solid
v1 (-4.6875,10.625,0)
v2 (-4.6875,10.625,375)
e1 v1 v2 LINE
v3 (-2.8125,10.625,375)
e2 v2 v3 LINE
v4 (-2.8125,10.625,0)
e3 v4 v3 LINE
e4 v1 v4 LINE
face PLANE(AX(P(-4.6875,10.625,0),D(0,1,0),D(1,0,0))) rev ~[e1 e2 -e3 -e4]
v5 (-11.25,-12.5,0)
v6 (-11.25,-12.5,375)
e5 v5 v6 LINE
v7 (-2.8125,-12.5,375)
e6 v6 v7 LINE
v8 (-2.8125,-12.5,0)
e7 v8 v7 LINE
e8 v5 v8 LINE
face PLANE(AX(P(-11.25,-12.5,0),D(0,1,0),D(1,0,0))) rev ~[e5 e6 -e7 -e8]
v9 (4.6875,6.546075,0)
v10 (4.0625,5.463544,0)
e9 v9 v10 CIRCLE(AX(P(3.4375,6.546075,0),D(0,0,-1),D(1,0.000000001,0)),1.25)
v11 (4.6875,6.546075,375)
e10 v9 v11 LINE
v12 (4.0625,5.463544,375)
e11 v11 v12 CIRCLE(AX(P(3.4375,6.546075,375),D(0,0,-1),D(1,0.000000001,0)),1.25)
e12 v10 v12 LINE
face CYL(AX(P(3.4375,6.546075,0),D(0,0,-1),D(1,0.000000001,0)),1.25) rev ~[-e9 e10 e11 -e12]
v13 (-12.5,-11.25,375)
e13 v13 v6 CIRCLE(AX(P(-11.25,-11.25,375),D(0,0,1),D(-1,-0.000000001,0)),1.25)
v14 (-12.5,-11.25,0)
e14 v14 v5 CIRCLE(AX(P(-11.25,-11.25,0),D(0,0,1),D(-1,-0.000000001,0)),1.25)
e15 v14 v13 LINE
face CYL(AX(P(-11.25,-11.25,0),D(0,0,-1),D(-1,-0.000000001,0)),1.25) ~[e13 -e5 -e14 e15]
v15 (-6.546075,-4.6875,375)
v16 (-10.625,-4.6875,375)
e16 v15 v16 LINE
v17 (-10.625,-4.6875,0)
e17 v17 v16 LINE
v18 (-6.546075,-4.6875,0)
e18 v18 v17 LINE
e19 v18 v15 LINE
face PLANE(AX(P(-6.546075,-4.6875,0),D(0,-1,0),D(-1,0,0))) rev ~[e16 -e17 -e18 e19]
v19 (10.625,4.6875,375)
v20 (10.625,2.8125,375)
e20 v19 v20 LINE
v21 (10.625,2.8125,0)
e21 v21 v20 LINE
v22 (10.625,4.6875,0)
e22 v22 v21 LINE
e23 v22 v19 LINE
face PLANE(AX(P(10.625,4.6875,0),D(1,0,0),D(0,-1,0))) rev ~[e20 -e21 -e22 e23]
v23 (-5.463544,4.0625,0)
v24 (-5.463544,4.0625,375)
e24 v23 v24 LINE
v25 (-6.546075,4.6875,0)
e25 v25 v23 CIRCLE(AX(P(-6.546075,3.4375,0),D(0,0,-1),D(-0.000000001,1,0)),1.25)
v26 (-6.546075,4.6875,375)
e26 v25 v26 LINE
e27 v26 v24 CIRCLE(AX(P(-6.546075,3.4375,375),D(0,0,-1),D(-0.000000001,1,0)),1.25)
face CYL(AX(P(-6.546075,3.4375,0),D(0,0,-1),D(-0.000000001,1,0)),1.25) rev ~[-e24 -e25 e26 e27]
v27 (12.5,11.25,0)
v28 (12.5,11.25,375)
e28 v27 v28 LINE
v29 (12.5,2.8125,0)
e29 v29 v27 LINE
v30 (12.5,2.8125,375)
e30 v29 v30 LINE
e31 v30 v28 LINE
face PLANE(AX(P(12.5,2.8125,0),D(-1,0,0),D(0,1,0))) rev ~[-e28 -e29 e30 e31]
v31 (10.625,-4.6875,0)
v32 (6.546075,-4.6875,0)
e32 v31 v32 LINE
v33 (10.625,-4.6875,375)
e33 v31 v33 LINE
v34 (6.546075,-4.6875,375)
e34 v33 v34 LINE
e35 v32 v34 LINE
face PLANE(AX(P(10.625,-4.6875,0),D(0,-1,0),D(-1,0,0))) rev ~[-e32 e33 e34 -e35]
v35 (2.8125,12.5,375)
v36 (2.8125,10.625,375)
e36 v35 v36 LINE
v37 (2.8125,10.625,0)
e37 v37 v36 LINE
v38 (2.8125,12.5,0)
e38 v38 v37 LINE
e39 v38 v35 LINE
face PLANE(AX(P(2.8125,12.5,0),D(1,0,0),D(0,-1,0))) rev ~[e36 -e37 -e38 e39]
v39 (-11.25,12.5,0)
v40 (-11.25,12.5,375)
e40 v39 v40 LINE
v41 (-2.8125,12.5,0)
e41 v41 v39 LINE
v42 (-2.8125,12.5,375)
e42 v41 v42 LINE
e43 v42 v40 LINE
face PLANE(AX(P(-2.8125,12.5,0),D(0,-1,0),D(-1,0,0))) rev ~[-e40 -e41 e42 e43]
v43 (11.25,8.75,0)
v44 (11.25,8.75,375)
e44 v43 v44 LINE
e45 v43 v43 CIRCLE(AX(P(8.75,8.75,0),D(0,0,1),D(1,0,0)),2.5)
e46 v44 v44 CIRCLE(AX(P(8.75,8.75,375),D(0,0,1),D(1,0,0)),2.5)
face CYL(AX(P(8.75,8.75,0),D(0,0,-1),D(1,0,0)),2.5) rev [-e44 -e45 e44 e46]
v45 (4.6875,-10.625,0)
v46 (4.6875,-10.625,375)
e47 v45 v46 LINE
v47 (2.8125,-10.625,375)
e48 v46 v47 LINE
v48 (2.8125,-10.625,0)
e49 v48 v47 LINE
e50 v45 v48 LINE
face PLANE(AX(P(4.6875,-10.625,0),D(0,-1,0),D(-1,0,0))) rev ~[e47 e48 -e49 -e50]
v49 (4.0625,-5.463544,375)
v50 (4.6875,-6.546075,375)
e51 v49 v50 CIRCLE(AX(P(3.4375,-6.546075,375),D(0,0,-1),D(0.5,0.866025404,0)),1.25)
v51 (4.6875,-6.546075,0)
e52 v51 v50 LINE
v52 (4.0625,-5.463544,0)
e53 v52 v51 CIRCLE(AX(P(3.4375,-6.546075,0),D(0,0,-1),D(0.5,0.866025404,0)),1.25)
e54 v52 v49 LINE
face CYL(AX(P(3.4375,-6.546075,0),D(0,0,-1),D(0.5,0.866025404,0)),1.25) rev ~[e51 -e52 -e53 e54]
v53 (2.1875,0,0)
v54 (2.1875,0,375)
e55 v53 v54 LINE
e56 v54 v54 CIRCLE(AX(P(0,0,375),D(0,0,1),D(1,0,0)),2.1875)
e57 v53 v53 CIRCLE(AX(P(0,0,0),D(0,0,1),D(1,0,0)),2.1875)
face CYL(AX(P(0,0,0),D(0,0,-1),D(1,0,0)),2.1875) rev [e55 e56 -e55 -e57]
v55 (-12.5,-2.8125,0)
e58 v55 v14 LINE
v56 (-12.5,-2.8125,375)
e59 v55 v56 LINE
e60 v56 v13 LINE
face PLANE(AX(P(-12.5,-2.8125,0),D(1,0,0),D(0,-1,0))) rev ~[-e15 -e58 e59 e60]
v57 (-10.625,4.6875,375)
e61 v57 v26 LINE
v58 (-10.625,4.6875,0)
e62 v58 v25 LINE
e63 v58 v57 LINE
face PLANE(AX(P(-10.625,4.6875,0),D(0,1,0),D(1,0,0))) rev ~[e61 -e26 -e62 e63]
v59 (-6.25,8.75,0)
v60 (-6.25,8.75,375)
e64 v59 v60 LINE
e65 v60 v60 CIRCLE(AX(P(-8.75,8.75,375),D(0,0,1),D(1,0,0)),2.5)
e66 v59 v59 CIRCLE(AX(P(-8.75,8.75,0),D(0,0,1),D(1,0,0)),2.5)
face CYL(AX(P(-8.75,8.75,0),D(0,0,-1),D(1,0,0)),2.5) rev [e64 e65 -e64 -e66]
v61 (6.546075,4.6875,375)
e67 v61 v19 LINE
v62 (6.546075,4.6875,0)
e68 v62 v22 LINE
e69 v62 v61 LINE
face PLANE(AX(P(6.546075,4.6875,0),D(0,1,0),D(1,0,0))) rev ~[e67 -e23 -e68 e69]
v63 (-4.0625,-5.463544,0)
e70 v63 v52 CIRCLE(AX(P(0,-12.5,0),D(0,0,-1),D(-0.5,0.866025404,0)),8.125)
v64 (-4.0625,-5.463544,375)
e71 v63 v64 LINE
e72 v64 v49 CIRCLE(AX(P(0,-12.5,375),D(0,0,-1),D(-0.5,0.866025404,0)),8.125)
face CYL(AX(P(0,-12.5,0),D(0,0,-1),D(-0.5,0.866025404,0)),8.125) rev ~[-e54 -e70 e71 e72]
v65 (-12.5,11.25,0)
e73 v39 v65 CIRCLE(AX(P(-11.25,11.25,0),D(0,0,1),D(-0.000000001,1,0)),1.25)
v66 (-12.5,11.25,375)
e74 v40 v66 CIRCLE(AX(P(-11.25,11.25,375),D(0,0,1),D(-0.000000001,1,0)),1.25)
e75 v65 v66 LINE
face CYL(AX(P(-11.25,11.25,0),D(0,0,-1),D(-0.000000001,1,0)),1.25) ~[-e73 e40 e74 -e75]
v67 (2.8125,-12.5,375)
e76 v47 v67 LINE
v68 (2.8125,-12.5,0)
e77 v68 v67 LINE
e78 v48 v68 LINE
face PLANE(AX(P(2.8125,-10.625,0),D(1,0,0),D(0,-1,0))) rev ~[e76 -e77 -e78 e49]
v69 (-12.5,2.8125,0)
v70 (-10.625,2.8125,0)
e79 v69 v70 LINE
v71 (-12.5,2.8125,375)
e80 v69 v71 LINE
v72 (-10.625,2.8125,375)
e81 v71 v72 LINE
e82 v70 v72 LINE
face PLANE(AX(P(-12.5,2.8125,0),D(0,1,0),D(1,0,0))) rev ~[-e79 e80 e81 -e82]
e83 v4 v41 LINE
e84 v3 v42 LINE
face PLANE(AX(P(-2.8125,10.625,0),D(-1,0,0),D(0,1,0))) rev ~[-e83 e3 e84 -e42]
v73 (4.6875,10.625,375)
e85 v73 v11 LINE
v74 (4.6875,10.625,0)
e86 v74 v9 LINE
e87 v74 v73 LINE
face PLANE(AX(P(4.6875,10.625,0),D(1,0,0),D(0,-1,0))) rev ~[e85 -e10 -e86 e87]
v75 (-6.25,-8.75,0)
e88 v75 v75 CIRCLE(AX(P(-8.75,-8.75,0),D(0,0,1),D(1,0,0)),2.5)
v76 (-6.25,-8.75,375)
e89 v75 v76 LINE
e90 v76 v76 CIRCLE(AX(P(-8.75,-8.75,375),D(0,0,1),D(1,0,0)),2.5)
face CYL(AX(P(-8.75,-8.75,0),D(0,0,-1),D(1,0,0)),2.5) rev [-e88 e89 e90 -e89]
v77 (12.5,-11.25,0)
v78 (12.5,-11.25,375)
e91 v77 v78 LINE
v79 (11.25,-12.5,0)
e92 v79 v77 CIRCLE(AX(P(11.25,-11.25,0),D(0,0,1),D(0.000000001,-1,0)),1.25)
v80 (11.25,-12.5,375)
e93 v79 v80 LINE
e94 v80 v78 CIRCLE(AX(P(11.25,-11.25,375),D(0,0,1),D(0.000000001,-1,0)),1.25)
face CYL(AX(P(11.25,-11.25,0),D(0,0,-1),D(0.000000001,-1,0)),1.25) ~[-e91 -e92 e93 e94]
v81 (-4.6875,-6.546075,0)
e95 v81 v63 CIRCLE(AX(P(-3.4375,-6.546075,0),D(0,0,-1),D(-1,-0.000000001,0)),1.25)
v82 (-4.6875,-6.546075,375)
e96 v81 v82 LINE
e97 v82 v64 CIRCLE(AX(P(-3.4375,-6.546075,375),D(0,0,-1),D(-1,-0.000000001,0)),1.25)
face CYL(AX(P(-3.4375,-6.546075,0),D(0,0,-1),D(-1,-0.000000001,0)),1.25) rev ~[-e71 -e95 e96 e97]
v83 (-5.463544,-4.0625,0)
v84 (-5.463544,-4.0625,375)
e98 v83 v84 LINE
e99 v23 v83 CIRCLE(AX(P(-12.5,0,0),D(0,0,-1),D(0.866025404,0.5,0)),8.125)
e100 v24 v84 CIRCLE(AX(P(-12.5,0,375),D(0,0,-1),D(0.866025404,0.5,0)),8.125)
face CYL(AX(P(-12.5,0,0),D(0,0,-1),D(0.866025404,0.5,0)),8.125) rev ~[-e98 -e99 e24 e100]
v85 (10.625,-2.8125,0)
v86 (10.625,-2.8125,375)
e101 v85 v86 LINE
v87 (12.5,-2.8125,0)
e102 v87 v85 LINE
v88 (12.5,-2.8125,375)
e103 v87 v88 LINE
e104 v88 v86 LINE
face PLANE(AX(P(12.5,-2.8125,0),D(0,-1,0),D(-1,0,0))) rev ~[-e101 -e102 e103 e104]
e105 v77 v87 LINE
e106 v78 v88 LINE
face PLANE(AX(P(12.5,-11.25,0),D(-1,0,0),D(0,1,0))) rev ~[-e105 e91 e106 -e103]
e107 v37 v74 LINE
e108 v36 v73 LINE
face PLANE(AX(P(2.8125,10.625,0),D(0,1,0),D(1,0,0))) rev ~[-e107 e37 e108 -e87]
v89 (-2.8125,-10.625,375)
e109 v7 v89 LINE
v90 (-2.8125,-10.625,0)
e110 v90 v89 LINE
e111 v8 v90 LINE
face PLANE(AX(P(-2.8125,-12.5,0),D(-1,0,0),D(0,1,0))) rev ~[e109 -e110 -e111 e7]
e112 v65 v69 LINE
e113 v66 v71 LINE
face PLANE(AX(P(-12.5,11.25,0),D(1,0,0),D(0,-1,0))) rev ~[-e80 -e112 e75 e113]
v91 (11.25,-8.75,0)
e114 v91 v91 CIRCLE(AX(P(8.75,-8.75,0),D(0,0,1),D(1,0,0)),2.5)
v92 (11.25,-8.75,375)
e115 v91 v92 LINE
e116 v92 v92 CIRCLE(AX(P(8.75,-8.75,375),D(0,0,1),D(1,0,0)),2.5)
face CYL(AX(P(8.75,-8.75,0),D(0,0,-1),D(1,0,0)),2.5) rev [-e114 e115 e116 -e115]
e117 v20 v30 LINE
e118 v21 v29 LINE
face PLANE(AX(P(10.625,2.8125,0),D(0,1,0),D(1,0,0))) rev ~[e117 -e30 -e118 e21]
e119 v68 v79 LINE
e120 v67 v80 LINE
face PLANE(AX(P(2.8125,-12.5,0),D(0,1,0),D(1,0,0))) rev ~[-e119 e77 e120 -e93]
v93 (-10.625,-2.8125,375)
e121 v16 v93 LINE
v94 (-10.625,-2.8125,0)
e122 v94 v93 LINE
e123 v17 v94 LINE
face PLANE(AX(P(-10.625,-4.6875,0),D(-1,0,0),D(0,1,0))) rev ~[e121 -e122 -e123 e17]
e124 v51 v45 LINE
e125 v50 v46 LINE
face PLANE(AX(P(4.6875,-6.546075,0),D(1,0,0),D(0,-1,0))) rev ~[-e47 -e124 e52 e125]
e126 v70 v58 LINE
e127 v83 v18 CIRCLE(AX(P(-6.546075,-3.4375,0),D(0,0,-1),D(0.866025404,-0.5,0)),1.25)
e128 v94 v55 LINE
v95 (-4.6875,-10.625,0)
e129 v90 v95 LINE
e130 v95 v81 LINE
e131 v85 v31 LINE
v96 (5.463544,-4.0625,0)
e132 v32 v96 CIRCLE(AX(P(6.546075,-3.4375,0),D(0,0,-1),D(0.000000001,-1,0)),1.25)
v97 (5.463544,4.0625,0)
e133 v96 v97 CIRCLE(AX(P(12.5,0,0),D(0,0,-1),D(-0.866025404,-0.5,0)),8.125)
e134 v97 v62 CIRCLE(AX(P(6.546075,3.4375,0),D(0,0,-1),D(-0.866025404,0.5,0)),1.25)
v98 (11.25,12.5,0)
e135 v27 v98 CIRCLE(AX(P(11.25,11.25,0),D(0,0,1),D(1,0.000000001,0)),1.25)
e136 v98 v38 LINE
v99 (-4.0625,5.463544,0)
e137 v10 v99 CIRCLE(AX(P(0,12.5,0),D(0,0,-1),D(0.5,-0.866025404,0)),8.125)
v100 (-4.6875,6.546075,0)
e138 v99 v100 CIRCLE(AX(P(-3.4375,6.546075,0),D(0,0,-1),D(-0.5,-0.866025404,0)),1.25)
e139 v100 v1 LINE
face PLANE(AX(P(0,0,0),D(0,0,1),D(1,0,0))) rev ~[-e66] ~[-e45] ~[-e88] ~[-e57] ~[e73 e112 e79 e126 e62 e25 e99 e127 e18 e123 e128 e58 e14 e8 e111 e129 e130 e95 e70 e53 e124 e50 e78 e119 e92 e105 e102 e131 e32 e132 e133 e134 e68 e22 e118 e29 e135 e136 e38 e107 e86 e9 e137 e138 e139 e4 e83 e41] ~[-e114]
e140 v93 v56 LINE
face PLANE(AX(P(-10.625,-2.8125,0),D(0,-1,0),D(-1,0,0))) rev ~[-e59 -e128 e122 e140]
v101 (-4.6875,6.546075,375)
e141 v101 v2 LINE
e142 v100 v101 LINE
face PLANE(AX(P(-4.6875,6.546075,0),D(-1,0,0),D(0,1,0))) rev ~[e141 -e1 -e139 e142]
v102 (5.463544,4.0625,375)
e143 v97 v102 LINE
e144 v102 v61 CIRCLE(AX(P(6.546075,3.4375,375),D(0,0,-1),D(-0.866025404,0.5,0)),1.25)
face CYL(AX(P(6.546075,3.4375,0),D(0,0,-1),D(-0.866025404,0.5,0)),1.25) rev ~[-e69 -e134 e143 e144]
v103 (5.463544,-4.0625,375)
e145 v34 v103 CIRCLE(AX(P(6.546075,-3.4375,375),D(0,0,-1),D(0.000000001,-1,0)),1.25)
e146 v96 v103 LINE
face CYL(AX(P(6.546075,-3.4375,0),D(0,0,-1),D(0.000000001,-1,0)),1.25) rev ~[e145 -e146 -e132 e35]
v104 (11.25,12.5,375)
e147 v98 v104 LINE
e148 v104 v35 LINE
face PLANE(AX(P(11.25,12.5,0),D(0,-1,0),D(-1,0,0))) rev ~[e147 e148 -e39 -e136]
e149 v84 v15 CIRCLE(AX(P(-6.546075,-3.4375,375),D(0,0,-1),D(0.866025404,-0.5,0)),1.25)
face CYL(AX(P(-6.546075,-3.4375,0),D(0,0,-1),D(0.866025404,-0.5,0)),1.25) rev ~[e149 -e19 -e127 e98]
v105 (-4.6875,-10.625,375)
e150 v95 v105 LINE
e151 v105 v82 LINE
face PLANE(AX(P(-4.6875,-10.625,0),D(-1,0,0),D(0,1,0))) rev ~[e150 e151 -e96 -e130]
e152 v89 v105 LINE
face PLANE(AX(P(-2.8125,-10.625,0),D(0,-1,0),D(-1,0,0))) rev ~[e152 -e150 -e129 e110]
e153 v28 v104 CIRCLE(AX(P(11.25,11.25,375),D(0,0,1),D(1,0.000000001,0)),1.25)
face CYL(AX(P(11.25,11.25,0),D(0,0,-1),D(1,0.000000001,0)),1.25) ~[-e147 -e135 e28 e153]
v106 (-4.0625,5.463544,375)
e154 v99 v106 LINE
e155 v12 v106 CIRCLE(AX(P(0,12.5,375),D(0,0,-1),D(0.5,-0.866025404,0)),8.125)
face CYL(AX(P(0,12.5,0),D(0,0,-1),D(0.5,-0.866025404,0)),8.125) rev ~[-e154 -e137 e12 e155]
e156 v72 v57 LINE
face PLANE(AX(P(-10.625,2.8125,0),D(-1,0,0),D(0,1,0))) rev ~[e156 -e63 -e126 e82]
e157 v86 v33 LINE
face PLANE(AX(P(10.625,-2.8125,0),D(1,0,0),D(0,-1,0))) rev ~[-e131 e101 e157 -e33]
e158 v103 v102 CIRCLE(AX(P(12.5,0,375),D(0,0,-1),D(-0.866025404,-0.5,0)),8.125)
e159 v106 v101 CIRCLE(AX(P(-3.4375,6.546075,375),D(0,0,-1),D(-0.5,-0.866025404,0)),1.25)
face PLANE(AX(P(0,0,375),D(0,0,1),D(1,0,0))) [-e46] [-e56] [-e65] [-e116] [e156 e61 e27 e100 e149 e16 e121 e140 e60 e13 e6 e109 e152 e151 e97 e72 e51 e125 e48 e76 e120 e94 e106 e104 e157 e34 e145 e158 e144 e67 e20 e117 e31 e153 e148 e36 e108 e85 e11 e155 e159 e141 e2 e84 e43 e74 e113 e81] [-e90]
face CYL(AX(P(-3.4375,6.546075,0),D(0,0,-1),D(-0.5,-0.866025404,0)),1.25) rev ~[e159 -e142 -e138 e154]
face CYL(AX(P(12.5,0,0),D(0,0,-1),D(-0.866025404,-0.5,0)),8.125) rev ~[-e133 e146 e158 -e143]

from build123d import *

# Parameters (mm, degrees)
SKETCH1_R           = 2.5
SKETCH1_R_2         = 2.1875
BOSS_EXTRUDE1_DEPTH = 375


with BuildPart() as part:
    # Sketch1 → Boss-Extrude1 (new body)
    with BuildSketch(Plane.XY):
        with BuildLine():
            Line((-12.5, 11.25), (-12.5, 2.8125))
            Line((-12.5, 2.8125), (-10.625, 2.8125))
            Line((-10.625, 2.8125), (-10.625, 4.6875))
            Line((-10.625, 4.6875), (-6.546075349, 4.6875))
            ThreePointArc((-6.546075349, 4.6875), (-5.921075349, 4.520031755), (-5.463543594, 4.0625))
            ThreePointArc((-5.463543594, 4.0625), (-4.375, 0), (-5.463543594, -4.0625))
            ThreePointArc((-5.463543594, -4.0625), (-5.921075349, -4.520031755), (-6.546075349, -4.6875))
            Line((-6.546075349, -4.6875), (-10.625, -4.6875))
            Line((-10.625, -4.6875), (-10.625, -2.8125))
            Line((-10.625, -2.8125), (-12.5, -2.8125))
            Line((-12.5, -2.8125), (-12.5, -11.25))
            ThreePointArc((-12.5, -11.25), (-12.133883476, -12.133883476), (-11.25, -12.5))
            Line((-11.25, -12.5), (-2.8125, -12.5))
            Line((-2.8125, -12.5), (-2.8125, -10.625))
            Line((-2.8125, -10.625), (-4.6875, -10.625))
            Line((-4.6875, -10.625), (-4.6875, -6.546075349))
            ThreePointArc((-4.6875, -6.546075349), (-4.520031755, -5.921075349), (-4.0625, -5.463543594))
            ThreePointArc((-4.0625, -5.463543594), (0, -4.375), (4.0625, -5.463543594))
            ThreePointArc((4.0625, -5.463543594), (4.520031755, -5.921075349), (4.6875, -6.546075349))
            Line((4.6875, -6.546075349), (4.6875, -10.625))
            Line((4.6875, -10.625), (2.8125, -10.625))
            Line((2.8125, -10.625), (2.8125, -12.5))
            Line((2.8125, -12.5), (11.25, -12.5))
            ThreePointArc((11.25, -12.5), (12.133883476, -12.133883476), (12.5, -11.25))
            Line((12.5, -11.25), (12.5, -2.8125))
            Line((12.5, -2.8125), (10.625, -2.8125))
            Line((10.625, -2.8125), (10.625, -4.6875))
            Line((10.625, -4.6875), (6.546075349, -4.6875))
            ThreePointArc((6.546075349, -4.6875), (5.921075349, -4.520031755), (5.463543594, -4.0625))
            ThreePointArc((5.463543594, -4.0625), (4.375, 0), (5.463543594, 4.0625))
            ThreePointArc((5.463543594, 4.0625), (5.921075349, 4.520031755), (6.546075349, 4.6875))
            Line((6.546075349, 4.6875), (10.625, 4.6875))
            Line((10.625, 4.6875), (10.625, 2.8125))
            Line((10.625, 2.8125), (12.5, 2.8125))
            Line((12.5, 2.8125), (12.5, 11.25))
            ThreePointArc((12.5, 11.25), (12.133883476, 12.133883476), (11.25, 12.5))
            Line((11.25, 12.5), (2.8125, 12.5))
            Line((2.8125, 12.5), (2.8125, 10.625))
            Line((2.8125, 10.625), (4.6875, 10.625))
            Line((4.6875, 10.625), (4.6875, 6.546075349))
            ThreePointArc((4.6875, 6.546075349), (4.520031755, 5.921075349), (4.0625, 5.463543594))
            ThreePointArc((4.0625, 5.463543594), (0, 4.375), (-4.0625, 5.463543594))
            ThreePointArc((-4.0625, 5.463543594), (-4.520031755, 5.921075349), (-4.6875, 6.546075349))
            Line((-4.6875, 6.546075349), (-4.6875, 10.625))
            Line((-4.6875, 10.625), (-2.8125, 10.625))
            Line((-2.8125, 10.625), (-2.8125, 12.5))
            Line((-2.8125, 12.5), (-11.25, 12.5))
            ThreePointArc((-11.25, 12.5), (-12.133883476, 12.133883476), (-12.5, 11.25))
        make_face()
        with Locations((-8.75, -8.75)):
            Circle(SKETCH1_R, mode=Mode.SUBTRACT)
        with Locations((8.75, -8.75)):
            Circle(SKETCH1_R, mode=Mode.SUBTRACT)
        with Locations((8.75, 8.75)):
            Circle(SKETCH1_R, mode=Mode.SUBTRACT)
        Circle(SKETCH1_R_2, mode=Mode.SUBTRACT)
        with Locations((-8.75, 8.75)):
            Circle(SKETCH1_R, mode=Mode.SUBTRACT)
    extrude(amount=BOSS_EXTRUDE1_DEPTH)


solid = part.part
